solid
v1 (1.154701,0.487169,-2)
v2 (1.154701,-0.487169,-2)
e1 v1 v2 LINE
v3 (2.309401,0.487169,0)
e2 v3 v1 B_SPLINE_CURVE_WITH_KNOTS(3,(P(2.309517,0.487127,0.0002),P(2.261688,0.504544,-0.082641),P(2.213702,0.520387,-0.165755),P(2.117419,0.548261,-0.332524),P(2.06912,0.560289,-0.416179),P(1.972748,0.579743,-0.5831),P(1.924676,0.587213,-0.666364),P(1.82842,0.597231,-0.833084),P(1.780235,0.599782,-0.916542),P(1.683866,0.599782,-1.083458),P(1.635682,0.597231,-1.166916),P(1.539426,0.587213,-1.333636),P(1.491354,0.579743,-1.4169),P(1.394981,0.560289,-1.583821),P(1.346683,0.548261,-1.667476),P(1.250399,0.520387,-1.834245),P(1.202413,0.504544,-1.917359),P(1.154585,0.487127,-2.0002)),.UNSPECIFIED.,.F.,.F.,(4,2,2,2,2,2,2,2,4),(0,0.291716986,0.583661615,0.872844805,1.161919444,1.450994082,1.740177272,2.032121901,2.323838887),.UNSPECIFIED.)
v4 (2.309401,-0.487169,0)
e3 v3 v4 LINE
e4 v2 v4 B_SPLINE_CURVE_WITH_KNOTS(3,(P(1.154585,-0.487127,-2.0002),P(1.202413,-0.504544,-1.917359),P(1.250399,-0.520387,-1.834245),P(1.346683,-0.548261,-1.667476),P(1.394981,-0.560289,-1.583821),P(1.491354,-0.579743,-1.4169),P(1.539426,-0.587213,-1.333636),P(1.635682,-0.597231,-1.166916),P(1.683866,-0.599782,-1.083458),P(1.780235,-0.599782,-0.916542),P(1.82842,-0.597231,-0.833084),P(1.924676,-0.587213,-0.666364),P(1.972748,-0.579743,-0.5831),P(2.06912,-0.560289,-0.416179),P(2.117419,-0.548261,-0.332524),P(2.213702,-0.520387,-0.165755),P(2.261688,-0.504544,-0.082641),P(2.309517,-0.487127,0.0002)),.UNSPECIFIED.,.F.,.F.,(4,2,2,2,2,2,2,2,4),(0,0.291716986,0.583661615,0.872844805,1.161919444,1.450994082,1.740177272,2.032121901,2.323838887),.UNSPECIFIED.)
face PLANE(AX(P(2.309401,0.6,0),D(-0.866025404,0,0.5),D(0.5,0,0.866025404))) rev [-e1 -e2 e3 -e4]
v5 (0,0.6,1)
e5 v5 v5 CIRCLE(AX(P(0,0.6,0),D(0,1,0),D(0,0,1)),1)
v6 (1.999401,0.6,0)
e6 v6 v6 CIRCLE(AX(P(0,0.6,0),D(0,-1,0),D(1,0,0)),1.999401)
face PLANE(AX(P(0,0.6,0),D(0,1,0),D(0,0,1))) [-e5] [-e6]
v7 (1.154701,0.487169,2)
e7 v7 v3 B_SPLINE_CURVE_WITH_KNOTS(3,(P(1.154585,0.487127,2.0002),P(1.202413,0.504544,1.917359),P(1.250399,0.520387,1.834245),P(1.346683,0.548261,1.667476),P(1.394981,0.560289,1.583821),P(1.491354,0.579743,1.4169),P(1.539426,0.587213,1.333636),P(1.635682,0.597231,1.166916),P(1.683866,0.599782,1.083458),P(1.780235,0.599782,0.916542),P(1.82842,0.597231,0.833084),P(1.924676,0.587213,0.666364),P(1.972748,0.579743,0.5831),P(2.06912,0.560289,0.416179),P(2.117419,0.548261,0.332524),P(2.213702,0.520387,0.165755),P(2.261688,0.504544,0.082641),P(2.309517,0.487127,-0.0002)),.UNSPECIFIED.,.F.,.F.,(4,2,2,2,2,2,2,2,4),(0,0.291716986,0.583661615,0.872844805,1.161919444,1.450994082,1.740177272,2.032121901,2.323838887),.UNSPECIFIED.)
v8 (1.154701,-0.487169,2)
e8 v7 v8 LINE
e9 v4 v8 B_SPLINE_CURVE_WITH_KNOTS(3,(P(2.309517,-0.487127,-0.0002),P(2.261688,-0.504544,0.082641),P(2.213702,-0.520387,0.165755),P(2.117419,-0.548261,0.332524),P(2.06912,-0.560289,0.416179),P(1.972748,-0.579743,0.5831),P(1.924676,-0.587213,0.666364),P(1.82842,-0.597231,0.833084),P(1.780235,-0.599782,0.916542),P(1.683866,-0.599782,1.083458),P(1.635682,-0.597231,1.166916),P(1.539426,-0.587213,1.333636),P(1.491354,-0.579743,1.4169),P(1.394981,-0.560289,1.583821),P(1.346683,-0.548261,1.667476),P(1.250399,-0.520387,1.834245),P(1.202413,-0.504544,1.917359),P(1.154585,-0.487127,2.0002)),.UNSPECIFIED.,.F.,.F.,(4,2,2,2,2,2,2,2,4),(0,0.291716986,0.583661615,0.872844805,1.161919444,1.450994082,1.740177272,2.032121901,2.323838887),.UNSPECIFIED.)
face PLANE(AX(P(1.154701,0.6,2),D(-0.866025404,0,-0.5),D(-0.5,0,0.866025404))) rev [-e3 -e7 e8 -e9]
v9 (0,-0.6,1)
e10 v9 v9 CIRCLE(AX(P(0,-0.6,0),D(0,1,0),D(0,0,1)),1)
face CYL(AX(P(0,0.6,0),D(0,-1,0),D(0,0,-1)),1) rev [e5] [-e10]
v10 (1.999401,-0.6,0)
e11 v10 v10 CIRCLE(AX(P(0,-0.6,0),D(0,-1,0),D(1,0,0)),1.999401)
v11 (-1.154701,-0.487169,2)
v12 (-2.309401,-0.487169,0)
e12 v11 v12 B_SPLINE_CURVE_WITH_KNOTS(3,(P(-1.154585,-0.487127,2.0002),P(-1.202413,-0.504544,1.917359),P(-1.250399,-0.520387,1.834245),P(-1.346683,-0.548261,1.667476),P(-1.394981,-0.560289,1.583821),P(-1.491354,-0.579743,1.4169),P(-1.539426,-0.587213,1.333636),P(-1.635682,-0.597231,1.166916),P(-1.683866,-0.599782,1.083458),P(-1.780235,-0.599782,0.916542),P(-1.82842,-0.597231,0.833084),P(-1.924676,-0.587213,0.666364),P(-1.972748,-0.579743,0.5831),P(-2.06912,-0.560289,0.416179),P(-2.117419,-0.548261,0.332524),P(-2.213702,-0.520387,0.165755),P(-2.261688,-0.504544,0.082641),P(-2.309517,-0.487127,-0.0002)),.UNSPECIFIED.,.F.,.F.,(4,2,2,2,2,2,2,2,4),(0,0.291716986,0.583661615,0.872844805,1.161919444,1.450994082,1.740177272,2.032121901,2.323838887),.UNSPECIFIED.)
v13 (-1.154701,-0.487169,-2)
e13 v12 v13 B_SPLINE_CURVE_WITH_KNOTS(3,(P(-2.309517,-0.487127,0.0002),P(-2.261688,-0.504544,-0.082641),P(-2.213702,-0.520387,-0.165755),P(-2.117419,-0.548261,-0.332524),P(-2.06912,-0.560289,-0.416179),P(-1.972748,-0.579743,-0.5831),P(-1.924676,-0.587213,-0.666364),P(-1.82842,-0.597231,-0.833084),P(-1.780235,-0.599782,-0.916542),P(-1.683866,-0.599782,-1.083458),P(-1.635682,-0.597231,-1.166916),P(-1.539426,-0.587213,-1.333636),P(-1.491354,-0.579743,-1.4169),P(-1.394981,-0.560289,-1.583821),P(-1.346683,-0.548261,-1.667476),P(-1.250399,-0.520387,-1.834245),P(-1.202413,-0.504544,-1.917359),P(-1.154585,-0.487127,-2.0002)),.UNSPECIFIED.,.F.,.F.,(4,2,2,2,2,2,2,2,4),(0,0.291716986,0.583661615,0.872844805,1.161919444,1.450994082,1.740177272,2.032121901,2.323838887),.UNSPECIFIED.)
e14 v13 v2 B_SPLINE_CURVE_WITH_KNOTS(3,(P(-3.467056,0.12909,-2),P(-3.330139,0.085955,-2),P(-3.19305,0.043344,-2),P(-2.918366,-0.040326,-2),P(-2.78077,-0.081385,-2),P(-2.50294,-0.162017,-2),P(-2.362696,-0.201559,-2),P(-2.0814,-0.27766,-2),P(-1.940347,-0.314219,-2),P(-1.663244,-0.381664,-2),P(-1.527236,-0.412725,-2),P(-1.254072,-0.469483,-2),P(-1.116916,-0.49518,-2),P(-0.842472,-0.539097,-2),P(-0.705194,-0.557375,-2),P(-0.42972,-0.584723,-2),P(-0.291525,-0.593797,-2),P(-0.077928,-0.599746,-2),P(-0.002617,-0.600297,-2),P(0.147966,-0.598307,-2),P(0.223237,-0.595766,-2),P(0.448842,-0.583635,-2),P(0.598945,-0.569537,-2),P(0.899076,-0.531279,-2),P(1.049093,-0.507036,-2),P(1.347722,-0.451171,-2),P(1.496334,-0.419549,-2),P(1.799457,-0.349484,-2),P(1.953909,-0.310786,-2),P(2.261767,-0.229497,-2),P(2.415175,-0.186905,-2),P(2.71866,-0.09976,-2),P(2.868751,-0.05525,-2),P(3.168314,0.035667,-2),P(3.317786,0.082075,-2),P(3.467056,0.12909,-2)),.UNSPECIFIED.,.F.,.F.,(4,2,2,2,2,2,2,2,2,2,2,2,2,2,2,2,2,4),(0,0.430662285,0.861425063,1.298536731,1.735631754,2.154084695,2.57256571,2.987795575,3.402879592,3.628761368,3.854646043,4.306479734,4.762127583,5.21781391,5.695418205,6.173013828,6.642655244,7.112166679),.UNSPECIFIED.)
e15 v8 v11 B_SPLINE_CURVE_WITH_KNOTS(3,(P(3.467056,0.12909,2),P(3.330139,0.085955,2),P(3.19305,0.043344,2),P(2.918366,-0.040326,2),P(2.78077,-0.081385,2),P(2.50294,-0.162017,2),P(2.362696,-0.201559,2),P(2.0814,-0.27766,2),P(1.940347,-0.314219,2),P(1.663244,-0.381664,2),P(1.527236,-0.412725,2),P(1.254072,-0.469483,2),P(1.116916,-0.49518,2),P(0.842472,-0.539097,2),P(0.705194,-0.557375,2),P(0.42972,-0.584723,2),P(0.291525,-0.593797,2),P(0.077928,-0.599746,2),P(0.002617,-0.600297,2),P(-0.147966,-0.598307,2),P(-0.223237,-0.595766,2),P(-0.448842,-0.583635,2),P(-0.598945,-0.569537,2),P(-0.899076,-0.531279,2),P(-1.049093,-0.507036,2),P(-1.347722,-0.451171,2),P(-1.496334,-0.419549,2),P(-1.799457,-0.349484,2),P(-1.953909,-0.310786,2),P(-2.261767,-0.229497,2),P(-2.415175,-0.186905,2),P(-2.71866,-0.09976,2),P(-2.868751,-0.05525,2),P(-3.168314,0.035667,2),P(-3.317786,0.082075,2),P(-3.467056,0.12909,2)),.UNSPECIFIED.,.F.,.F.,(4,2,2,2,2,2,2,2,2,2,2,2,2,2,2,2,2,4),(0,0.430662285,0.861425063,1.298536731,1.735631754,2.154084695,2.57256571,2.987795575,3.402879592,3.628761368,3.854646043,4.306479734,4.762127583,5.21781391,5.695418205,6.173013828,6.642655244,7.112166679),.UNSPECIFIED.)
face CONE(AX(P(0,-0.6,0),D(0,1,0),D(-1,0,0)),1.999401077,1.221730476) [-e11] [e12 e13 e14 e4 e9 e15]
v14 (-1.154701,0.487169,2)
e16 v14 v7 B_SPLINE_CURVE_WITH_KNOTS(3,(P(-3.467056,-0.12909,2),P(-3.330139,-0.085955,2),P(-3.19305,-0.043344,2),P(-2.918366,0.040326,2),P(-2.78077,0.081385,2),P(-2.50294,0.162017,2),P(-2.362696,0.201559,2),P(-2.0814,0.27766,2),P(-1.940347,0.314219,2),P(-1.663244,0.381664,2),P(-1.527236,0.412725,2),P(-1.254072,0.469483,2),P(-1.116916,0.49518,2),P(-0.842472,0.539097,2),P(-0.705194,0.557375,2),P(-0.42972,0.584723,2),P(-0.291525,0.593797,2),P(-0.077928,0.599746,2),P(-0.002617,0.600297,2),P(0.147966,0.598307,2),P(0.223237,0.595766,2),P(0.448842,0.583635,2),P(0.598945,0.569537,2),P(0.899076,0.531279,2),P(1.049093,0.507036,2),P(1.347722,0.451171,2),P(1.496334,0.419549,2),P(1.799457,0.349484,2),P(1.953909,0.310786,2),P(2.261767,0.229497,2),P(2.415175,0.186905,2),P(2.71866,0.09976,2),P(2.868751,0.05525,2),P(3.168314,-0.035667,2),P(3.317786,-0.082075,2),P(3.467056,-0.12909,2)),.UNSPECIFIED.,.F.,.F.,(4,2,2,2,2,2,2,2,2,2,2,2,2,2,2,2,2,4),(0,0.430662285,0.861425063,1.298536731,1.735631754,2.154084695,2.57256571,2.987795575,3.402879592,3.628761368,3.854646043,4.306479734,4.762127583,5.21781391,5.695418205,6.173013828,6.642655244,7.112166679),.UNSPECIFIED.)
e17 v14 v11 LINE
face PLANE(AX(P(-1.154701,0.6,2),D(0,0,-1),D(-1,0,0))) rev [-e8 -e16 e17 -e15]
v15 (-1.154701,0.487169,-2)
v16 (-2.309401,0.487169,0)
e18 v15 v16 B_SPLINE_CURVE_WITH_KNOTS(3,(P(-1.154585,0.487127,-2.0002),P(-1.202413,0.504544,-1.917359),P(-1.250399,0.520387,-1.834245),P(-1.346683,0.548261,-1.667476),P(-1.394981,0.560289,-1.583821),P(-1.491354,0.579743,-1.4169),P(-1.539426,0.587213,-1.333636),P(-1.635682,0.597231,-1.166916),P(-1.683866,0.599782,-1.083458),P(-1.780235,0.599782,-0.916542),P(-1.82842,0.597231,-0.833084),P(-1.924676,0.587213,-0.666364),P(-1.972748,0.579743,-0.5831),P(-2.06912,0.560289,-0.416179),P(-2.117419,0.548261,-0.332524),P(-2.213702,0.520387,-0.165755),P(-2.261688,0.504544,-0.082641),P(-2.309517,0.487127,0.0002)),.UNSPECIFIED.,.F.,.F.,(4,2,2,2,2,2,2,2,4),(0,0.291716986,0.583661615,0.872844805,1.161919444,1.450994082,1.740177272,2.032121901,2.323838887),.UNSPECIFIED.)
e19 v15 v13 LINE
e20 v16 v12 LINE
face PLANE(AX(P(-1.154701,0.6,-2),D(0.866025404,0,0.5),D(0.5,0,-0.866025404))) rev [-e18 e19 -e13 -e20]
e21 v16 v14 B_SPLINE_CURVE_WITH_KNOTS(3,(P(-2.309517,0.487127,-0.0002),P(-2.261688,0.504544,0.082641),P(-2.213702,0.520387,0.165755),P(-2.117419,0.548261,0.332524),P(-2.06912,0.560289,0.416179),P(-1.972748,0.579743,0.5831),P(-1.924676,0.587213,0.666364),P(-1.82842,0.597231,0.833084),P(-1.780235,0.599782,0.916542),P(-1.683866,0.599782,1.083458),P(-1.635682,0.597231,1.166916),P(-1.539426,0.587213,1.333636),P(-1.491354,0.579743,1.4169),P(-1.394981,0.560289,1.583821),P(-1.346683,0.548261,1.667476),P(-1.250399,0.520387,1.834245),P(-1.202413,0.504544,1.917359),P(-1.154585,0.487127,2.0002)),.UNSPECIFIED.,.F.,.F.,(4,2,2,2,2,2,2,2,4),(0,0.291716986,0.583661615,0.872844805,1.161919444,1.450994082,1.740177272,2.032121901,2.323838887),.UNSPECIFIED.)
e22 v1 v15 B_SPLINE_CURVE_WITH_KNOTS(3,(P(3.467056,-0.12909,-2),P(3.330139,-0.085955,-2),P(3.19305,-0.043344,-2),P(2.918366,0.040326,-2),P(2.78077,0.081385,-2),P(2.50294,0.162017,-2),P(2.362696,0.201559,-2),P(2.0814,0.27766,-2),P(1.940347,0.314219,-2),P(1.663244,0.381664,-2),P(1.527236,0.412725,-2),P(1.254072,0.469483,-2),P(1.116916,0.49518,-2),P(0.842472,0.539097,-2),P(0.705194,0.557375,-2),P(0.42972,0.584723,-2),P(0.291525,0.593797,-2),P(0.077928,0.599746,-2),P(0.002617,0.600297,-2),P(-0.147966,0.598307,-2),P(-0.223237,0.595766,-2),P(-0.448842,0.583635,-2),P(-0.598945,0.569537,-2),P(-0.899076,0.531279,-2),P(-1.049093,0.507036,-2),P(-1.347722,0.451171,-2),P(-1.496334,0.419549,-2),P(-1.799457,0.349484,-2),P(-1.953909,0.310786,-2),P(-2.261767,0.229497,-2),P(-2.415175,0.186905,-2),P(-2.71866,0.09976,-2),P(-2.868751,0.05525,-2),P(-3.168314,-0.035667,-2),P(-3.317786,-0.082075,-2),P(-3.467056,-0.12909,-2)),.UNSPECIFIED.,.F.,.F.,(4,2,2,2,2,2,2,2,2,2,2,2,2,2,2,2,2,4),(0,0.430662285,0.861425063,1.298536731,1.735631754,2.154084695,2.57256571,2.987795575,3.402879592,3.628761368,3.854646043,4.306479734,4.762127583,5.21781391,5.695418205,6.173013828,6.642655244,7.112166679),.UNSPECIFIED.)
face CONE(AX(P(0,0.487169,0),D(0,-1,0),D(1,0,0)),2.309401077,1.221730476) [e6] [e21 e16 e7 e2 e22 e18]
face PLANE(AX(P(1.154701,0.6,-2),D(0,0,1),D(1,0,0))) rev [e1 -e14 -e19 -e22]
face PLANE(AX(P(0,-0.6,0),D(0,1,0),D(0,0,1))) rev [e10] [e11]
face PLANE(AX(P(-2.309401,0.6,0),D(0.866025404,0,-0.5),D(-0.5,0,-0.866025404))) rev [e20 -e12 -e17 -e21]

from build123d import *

# Parameters (mm, degrees)
SKETCH2_R           = 1
BOSS_EXTRUDE1_DEPTH = 0.6


with BuildPart() as part:
    # Sketch2 → Boss-Extrude1 (new, symmetric)
    with BuildSketch(Plane(origin=(0, 0, 0), x_dir=(1, 0, 0), z_dir=(0, 1, 0))):
        Polygon((2.309401077, 0), (1.154700538, 2), (-1.154700538, 2), (-2.309401077, 0), (-1.154700538, -2), (1.154700538, -2), align=None)
        with Locations(Location((0, 0, 0), (0, 0, 270))):
            Circle(SKETCH2_R, mode=Mode.SUBTRACT)
    extrude(amount=BOSS_EXTRUDE1_DEPTH, both=True)

    # Sketch3 → Cut-Revolve1 (revolve, cut)
    with BuildSketch(Plane.XY, mode=Mode.PRIVATE) as cut_revolve1_sk:
        Polygon((-2.309401077, 0.6), (-1.999401077, 0.6), (-2.309401077, 0.487169227), align=None)
        Polygon((-1.999401077, -0.6), (-2.309401077, -0.487169227), (-2.309401077, -0.6), align=None)
    revolve(cut_revolve1_sk.sketch.rotate(Axis((0, 0, 0), (0, 1, 0)), 180), axis=Axis((0, 0, 0), (0, 1, 0)), mode=Mode.SUBTRACT)


solid = part.part
